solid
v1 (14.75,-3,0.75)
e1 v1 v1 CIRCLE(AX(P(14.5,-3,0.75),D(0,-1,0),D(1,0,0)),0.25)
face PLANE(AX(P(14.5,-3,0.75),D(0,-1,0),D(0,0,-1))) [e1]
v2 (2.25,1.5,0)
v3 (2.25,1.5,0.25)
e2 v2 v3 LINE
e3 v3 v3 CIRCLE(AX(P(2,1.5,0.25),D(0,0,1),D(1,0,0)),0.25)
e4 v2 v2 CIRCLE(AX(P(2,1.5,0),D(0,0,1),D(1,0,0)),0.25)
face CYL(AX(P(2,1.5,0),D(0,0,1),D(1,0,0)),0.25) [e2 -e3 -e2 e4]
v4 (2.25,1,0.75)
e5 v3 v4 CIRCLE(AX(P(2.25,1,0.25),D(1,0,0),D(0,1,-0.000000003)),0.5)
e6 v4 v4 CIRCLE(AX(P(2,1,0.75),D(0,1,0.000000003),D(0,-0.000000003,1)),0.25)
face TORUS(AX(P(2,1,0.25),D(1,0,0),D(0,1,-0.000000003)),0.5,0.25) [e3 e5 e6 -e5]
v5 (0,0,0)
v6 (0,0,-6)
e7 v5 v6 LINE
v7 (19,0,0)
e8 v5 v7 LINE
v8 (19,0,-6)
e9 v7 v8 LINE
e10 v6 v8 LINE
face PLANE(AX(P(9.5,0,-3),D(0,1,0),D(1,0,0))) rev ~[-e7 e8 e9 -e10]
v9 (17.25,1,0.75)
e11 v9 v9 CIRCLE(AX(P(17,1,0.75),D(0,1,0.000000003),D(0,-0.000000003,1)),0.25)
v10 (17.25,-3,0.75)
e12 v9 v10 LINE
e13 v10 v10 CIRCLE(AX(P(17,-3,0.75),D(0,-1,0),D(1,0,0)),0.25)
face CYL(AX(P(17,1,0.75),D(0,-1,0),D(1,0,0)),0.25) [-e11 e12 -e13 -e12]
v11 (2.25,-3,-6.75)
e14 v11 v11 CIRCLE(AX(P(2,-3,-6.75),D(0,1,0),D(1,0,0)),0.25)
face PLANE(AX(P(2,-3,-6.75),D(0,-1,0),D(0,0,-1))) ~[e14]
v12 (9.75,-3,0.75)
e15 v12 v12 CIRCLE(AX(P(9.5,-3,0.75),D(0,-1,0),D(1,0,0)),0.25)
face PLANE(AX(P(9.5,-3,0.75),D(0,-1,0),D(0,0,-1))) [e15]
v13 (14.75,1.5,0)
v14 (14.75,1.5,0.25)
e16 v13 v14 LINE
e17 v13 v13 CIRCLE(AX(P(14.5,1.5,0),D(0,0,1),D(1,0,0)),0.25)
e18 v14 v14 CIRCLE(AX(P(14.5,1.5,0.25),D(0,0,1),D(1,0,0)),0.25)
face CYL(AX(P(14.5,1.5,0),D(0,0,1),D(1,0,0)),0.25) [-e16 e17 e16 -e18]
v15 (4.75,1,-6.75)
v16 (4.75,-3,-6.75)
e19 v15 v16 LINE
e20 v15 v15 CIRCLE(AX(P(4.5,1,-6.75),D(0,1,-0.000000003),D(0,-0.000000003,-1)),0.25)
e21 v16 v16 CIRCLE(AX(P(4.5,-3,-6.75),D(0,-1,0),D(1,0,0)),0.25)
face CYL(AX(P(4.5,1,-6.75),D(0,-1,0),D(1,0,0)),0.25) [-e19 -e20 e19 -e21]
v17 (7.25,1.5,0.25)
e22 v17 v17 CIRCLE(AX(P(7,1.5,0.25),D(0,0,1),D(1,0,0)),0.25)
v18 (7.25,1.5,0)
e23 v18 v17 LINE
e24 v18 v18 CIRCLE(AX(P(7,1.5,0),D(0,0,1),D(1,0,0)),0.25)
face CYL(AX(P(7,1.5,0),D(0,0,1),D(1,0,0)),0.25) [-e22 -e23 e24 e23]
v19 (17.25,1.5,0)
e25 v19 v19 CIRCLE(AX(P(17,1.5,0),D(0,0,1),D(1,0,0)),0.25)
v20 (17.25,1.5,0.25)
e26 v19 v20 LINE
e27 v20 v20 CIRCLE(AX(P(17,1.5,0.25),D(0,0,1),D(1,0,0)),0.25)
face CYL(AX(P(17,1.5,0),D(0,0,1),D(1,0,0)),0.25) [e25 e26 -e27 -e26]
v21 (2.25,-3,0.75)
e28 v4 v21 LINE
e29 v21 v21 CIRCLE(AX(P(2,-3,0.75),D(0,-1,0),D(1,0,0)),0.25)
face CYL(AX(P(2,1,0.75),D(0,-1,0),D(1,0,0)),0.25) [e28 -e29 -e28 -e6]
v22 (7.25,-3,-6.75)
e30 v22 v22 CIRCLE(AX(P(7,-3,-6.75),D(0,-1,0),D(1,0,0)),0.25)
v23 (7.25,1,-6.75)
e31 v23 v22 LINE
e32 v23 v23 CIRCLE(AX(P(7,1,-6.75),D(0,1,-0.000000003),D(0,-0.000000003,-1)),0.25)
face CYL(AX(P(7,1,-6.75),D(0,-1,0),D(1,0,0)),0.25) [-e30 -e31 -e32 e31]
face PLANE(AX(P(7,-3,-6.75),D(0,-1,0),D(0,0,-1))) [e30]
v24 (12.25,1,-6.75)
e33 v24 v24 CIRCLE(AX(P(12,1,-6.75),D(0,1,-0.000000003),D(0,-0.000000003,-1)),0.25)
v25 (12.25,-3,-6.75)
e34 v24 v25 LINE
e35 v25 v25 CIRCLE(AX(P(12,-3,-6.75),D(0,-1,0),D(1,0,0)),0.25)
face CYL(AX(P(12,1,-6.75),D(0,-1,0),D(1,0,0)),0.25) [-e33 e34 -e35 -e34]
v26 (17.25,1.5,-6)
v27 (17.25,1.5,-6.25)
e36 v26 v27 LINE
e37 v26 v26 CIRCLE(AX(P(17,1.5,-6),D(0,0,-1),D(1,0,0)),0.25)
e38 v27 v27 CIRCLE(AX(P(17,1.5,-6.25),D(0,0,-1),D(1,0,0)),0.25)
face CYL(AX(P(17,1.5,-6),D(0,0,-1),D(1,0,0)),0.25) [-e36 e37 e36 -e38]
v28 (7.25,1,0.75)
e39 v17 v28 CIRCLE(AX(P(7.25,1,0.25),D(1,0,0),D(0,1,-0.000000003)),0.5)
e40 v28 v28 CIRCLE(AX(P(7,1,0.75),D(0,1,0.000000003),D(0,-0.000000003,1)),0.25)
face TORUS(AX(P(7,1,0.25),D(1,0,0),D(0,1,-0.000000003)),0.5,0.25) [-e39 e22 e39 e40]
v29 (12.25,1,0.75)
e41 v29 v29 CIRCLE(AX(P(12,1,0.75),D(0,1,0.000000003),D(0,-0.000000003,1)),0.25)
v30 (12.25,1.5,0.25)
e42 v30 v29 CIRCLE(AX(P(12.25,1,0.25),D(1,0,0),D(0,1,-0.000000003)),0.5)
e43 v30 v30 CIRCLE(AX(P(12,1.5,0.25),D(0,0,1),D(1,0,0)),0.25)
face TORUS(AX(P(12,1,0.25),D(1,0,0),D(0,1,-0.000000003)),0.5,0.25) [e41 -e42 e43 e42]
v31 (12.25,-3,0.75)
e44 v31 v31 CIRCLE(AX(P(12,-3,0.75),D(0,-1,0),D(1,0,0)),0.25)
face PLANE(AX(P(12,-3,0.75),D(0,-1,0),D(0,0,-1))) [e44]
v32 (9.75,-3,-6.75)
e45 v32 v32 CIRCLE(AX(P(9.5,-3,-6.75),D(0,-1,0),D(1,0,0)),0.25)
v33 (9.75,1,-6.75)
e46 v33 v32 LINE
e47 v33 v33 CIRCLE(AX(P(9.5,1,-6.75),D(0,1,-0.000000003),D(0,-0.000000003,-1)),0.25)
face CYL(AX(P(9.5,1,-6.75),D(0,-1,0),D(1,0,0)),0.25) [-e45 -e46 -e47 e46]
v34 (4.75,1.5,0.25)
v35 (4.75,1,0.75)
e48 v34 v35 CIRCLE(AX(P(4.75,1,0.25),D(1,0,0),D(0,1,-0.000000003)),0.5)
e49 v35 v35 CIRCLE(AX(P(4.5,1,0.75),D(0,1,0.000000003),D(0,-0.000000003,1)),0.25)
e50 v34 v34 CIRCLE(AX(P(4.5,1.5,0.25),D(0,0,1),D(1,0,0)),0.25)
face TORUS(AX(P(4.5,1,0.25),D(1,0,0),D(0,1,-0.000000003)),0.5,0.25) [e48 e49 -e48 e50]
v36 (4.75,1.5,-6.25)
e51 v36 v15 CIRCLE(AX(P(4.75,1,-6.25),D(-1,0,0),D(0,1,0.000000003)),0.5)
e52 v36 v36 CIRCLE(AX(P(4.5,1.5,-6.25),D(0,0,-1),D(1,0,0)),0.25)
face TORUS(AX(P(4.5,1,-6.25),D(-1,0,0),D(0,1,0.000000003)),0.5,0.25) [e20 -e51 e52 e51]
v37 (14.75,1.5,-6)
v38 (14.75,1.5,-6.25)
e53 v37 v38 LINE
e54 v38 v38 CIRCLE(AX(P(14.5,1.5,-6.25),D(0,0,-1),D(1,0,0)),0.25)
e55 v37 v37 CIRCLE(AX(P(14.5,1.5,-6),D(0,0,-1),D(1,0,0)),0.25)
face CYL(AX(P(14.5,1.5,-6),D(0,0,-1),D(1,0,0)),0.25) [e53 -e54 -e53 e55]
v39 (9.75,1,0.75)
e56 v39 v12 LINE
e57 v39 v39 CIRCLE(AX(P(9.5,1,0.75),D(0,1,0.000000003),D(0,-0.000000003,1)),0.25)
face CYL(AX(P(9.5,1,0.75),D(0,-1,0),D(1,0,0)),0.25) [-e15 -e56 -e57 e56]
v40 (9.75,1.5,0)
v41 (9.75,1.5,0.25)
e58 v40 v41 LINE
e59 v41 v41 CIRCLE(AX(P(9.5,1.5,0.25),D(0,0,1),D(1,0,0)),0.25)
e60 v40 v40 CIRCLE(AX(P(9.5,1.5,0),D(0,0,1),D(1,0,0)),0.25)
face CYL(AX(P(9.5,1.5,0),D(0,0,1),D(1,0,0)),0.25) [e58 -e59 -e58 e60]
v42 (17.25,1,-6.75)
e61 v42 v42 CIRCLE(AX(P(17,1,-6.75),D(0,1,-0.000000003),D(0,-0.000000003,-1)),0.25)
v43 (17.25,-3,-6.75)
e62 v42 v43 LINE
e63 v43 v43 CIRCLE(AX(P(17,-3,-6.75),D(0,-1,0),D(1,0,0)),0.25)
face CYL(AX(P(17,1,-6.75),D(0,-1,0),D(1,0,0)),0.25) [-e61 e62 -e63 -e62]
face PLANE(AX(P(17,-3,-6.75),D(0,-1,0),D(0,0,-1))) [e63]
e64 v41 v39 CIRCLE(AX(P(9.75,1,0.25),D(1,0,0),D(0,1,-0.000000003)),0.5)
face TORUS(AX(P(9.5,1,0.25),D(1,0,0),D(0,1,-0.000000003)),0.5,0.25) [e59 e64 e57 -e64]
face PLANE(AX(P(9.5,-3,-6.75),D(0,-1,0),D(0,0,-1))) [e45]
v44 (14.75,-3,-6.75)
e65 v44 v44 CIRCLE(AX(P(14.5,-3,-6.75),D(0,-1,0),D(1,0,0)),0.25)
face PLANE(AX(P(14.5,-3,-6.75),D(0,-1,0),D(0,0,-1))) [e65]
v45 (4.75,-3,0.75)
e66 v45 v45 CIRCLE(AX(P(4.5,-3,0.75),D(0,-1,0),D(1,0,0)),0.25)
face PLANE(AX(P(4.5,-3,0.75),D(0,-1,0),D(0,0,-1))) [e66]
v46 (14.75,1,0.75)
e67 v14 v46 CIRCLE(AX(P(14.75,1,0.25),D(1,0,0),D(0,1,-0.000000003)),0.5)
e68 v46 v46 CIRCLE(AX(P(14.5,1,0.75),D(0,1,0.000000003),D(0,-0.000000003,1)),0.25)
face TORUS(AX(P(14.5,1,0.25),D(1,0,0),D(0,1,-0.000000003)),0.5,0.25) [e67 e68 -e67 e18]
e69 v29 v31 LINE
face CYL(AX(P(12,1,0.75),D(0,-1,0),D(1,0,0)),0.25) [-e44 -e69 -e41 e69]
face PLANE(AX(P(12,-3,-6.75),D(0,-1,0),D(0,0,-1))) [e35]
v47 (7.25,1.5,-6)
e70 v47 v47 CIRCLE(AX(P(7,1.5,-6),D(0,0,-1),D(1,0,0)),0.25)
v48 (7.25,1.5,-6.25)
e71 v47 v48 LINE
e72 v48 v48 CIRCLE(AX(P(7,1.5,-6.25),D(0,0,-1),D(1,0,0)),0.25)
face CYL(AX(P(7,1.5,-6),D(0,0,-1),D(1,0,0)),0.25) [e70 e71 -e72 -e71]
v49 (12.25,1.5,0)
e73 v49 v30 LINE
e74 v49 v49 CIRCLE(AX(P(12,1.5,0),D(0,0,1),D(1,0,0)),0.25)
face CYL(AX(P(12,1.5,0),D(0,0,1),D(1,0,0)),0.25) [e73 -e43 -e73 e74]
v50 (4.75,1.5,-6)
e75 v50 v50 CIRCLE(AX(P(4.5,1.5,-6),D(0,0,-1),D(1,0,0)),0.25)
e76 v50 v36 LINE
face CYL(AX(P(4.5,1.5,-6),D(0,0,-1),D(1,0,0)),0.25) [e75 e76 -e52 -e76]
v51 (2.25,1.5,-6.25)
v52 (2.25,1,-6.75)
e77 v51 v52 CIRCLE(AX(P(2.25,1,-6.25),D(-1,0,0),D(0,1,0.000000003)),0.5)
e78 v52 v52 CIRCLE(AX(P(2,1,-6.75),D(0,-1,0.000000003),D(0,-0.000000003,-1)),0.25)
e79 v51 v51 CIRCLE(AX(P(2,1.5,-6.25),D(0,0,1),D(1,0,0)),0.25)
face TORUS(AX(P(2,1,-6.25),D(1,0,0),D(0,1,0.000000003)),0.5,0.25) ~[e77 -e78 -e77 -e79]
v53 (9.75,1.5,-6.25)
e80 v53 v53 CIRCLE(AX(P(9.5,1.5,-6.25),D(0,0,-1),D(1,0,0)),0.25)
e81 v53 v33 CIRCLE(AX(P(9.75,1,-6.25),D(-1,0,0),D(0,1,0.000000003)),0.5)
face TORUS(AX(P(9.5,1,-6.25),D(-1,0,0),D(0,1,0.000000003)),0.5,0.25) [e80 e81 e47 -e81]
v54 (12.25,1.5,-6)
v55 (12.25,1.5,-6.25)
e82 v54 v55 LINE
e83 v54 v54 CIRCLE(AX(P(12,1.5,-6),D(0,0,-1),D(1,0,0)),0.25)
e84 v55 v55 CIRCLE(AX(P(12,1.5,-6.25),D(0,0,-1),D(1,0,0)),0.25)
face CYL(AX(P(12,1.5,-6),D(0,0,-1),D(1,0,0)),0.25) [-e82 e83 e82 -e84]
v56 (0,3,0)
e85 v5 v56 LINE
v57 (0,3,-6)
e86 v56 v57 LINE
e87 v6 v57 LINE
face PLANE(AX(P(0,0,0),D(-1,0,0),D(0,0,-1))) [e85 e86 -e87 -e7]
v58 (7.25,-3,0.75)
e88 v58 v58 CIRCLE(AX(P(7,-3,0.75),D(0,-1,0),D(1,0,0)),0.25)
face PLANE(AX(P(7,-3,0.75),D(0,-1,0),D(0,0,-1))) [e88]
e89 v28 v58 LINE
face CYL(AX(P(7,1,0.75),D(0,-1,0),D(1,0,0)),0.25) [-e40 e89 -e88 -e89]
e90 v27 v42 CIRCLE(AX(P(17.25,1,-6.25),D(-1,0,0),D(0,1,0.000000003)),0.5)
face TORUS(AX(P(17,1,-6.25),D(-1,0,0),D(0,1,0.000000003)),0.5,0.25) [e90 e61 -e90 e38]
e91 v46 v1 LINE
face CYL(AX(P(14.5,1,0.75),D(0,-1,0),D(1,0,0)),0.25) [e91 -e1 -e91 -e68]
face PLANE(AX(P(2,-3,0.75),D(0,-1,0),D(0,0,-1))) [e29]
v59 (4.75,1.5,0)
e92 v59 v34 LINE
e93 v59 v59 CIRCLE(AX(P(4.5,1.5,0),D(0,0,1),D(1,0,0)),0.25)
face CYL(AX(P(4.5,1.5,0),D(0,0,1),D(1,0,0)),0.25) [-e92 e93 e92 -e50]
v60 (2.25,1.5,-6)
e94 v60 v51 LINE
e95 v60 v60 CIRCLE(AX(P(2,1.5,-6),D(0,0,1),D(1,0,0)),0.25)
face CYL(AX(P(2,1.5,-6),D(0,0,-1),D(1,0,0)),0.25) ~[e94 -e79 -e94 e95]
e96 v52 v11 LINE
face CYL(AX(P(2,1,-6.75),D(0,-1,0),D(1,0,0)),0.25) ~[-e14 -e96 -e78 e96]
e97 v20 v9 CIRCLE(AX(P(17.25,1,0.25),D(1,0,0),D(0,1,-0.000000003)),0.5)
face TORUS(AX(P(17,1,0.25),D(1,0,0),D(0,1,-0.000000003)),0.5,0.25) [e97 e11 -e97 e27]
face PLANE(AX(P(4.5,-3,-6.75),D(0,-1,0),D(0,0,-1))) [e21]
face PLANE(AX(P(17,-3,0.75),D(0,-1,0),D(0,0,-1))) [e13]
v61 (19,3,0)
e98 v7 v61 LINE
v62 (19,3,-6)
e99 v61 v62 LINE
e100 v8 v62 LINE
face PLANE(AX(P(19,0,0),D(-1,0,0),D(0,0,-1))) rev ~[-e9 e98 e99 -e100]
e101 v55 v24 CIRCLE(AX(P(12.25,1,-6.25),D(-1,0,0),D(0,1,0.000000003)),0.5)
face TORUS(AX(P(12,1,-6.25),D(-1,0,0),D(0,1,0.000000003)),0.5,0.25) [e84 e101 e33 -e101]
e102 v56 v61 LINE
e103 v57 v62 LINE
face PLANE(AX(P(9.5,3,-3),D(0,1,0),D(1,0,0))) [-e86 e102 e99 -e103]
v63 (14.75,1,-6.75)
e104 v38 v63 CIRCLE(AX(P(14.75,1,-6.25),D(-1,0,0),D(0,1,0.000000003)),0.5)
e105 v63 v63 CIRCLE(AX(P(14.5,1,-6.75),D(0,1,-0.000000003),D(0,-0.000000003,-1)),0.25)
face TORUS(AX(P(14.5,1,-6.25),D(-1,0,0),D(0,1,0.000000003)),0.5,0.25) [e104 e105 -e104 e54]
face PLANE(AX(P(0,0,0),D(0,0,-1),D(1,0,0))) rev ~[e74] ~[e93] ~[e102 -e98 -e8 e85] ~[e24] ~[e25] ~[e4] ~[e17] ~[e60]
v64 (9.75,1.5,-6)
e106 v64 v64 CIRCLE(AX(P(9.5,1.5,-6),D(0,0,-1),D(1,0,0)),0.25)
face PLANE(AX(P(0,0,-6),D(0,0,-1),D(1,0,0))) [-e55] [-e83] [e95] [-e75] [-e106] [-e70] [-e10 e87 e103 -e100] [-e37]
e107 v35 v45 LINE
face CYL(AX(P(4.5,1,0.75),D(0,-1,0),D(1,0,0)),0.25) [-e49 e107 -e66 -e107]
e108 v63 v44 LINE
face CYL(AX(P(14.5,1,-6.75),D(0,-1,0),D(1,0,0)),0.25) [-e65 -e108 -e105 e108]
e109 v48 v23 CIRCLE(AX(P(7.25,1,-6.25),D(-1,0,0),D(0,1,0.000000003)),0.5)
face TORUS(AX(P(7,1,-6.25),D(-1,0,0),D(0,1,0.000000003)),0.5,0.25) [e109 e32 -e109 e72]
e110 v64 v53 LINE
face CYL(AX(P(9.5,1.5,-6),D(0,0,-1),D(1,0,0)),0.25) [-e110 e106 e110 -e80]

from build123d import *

# Parameters (mm, degrees)
SKETCH1_W               = 19
SKETCH1_H               = 6
BOSS_EXTRUDE1_DEPTH     = 3
SKETCH3_R               = 0.25
LPATTERN1_COUNT         = 7
LPATTERN1_PITCH         = 2.5
MIRROR1_COPY_1_SKETCH_R = 0.25
MIRROR1_COPY_2_SKETCH_R = 0.25
MIRROR1_COPY_3_SKETCH_R = 0.25
MIRROR1_COPY_4_SKETCH_R = 0.25
MIRROR1_COPY_5_SKETCH_R = 0.25
MIRROR1_COPY_6_SKETCH_R = 0.25


with BuildPart() as part:
    # Sketch1 → Boss-Extrude1 (new body)
    with BuildSketch(Plane(origin=(0, 0, 0), x_dir=(1, 0, 0), z_dir=(0, 1, 0))):
        with Locations((9.5, 3)):
            Rectangle(SKETCH1_W, SKETCH1_H)
    extrude(amount=BOSS_EXTRUDE1_DEPTH)

    # Sweep1: sweep along a path in Sketch4
    with BuildLine(Plane(origin=(2, 0, 0), x_dir=(0, 0, -1), z_dir=(1, 0, 0))) as sweep1_path:
        Line((0, 1.5), (-0.25, 1.5))
        ThreePointArc((-0.25, 1.5), (-0.603553391, 1.353553391), (-0.75, 1))
        Line((-0.75, 1), (-0.75, -3))
    # Sketch3 → Sweep1 (sweep)
    with BuildSketch(Plane.XY):
        with Locations((2, 1.5)):
            Circle(SKETCH3_R)
    sweep1 = sweep(path=sweep1_path.line)

    # LPattern1: Sweep1 ×7
    with Locations(*[(i * LPATTERN1_PITCH, 0, 0) for i in range(1, LPATTERN1_COUNT)]):
        add(sweep1)

    # Mirror1: Sweep1 across plane
    add(sweep1.mirror(Plane.XY.offset(-3)))

    # Mirror1 copy 1: sweep along a path in Mirror1 copy 1 path
    with BuildLine(Plane(origin=(4.5, 0, -6), x_dir=(0, 0, 1), z_dir=(1, 0, 0))) as mirror1_copy_1_path:
        Line((0, -1.5), (-0.25, -1.5))
        ThreePointArc((-0.25, -1.5), (-0.603553391, -1.353553391), (-0.75, -1))
        Line((-0.75, -1), (-0.75, 3))
    # Mirror1 copy 1 sketch → Mirror1 copy 1 (sweep)
    with BuildSketch(Plane(origin=(2.5, 0, -6), x_dir=(1, 0, 0), z_dir=(0, 0, -1))):
        with Locations((2, -1.5)):
            Circle(MIRROR1_COPY_1_SKETCH_R)
    sweep(path=mirror1_copy_1_path.line)

    # Mirror1 copy 2: sweep along a path in Mirror1 copy 2 path
    with BuildLine(Plane(origin=(7, 0, -6), x_dir=(0, 0, 1), z_dir=(1, 0, 0))) as mirror1_copy_2_path:
        Line((0, -1.5), (-0.25, -1.5))
        ThreePointArc((-0.25, -1.5), (-0.603553391, -1.353553391), (-0.75, -1))
        Line((-0.75, -1), (-0.75, 3))
    # Mirror1 copy 2 sketch → Mirror1 copy 2 (sweep)
    with BuildSketch(Plane(origin=(5, 0, -6), x_dir=(1, 0, 0), z_dir=(0, 0, -1))):
        with Locations((2, -1.5)):
            Circle(MIRROR1_COPY_2_SKETCH_R)
    sweep(path=mirror1_copy_2_path.line)

    # Mirror1 copy 3: sweep along a path in Mirror1 copy 3 path
    with BuildLine(Plane(origin=(9.5, 0, -6), x_dir=(0, 0, 1), z_dir=(1, 0, 0))) as mirror1_copy_3_path:
        Line((0, -1.5), (-0.25, -1.5))
        ThreePointArc((-0.25, -1.5), (-0.603553391, -1.353553391), (-0.75, -1))
        Line((-0.75, -1), (-0.75, 3))
    # Mirror1 copy 3 sketch → Mirror1 copy 3 (sweep)
    with BuildSketch(Plane(origin=(7.5, 0, -6), x_dir=(1, 0, 0), z_dir=(0, 0, -1))):
        with Locations((2, -1.5)):
            Circle(MIRROR1_COPY_3_SKETCH_R)
    sweep(path=mirror1_copy_3_path.line)

    # Mirror1 copy 4: sweep along a path in Mirror1 copy 4 path
    with BuildLine(Plane(origin=(12, 0, -6), x_dir=(0, 0, 1), z_dir=(1, 0, 0))) as mirror1_copy_4_path:
        Line((0, -1.5), (-0.25, -1.5))
        ThreePointArc((-0.25, -1.5), (-0.603553391, -1.353553391), (-0.75, -1))
        Line((-0.75, -1), (-0.75, 3))
    # Mirror1 copy 4 sketch → Mirror1 copy 4 (sweep)
    with BuildSketch(Plane(origin=(10, 0, -6), x_dir=(1, 0, 0), z_dir=(0, 0, -1))):
        with Locations((2, -1.5)):
            Circle(MIRROR1_COPY_4_SKETCH_R)
    sweep(path=mirror1_copy_4_path.line)

    # Mirror1 copy 5: sweep along a path in Mirror1 copy 5 path
    with BuildLine(Plane(origin=(14.5, 0, -6), x_dir=(0, 0, 1), z_dir=(1, 0, 0))) as mirror1_copy_5_path:
        Line((0, -1.5), (-0.25, -1.5))
        ThreePointArc((-0.25, -1.5), (-0.603553391, -1.353553391), (-0.75, -1))
        Line((-0.75, -1), (-0.75, 3))
    # Mirror1 copy 5 sketch → Mirror1 copy 5 (sweep)
    with BuildSketch(Plane(origin=(12.5, 0, -6), x_dir=(1, 0, 0), z_dir=(0, 0, -1))):
        with Locations((2, -1.5)):
            Circle(MIRROR1_COPY_5_SKETCH_R)
    sweep(path=mirror1_copy_5_path.line)

    # Mirror1 copy 6: sweep along a path in Mirror1 copy 6 path
    with BuildLine(Plane(origin=(17, 0, -6), x_dir=(0, 0, 1), z_dir=(1, 0, 0))) as mirror1_copy_6_path:
        Line((0, -1.5), (-0.25, -1.5))
        ThreePointArc((-0.25, -1.5), (-0.603553391, -1.353553391), (-0.75, -1))
        Line((-0.75, -1), (-0.75, 3))
    # Mirror1 copy 6 sketch → Mirror1 copy 6 (sweep)
    with BuildSketch(Plane(origin=(15, 0, -6), x_dir=(1, 0, 0), z_dir=(0, 0, -1))):
        with Locations((2, -1.5)):
            Circle(MIRROR1_COPY_6_SKETCH_R)
    sweep(path=mirror1_copy_6_path.line)


solid = part.part
